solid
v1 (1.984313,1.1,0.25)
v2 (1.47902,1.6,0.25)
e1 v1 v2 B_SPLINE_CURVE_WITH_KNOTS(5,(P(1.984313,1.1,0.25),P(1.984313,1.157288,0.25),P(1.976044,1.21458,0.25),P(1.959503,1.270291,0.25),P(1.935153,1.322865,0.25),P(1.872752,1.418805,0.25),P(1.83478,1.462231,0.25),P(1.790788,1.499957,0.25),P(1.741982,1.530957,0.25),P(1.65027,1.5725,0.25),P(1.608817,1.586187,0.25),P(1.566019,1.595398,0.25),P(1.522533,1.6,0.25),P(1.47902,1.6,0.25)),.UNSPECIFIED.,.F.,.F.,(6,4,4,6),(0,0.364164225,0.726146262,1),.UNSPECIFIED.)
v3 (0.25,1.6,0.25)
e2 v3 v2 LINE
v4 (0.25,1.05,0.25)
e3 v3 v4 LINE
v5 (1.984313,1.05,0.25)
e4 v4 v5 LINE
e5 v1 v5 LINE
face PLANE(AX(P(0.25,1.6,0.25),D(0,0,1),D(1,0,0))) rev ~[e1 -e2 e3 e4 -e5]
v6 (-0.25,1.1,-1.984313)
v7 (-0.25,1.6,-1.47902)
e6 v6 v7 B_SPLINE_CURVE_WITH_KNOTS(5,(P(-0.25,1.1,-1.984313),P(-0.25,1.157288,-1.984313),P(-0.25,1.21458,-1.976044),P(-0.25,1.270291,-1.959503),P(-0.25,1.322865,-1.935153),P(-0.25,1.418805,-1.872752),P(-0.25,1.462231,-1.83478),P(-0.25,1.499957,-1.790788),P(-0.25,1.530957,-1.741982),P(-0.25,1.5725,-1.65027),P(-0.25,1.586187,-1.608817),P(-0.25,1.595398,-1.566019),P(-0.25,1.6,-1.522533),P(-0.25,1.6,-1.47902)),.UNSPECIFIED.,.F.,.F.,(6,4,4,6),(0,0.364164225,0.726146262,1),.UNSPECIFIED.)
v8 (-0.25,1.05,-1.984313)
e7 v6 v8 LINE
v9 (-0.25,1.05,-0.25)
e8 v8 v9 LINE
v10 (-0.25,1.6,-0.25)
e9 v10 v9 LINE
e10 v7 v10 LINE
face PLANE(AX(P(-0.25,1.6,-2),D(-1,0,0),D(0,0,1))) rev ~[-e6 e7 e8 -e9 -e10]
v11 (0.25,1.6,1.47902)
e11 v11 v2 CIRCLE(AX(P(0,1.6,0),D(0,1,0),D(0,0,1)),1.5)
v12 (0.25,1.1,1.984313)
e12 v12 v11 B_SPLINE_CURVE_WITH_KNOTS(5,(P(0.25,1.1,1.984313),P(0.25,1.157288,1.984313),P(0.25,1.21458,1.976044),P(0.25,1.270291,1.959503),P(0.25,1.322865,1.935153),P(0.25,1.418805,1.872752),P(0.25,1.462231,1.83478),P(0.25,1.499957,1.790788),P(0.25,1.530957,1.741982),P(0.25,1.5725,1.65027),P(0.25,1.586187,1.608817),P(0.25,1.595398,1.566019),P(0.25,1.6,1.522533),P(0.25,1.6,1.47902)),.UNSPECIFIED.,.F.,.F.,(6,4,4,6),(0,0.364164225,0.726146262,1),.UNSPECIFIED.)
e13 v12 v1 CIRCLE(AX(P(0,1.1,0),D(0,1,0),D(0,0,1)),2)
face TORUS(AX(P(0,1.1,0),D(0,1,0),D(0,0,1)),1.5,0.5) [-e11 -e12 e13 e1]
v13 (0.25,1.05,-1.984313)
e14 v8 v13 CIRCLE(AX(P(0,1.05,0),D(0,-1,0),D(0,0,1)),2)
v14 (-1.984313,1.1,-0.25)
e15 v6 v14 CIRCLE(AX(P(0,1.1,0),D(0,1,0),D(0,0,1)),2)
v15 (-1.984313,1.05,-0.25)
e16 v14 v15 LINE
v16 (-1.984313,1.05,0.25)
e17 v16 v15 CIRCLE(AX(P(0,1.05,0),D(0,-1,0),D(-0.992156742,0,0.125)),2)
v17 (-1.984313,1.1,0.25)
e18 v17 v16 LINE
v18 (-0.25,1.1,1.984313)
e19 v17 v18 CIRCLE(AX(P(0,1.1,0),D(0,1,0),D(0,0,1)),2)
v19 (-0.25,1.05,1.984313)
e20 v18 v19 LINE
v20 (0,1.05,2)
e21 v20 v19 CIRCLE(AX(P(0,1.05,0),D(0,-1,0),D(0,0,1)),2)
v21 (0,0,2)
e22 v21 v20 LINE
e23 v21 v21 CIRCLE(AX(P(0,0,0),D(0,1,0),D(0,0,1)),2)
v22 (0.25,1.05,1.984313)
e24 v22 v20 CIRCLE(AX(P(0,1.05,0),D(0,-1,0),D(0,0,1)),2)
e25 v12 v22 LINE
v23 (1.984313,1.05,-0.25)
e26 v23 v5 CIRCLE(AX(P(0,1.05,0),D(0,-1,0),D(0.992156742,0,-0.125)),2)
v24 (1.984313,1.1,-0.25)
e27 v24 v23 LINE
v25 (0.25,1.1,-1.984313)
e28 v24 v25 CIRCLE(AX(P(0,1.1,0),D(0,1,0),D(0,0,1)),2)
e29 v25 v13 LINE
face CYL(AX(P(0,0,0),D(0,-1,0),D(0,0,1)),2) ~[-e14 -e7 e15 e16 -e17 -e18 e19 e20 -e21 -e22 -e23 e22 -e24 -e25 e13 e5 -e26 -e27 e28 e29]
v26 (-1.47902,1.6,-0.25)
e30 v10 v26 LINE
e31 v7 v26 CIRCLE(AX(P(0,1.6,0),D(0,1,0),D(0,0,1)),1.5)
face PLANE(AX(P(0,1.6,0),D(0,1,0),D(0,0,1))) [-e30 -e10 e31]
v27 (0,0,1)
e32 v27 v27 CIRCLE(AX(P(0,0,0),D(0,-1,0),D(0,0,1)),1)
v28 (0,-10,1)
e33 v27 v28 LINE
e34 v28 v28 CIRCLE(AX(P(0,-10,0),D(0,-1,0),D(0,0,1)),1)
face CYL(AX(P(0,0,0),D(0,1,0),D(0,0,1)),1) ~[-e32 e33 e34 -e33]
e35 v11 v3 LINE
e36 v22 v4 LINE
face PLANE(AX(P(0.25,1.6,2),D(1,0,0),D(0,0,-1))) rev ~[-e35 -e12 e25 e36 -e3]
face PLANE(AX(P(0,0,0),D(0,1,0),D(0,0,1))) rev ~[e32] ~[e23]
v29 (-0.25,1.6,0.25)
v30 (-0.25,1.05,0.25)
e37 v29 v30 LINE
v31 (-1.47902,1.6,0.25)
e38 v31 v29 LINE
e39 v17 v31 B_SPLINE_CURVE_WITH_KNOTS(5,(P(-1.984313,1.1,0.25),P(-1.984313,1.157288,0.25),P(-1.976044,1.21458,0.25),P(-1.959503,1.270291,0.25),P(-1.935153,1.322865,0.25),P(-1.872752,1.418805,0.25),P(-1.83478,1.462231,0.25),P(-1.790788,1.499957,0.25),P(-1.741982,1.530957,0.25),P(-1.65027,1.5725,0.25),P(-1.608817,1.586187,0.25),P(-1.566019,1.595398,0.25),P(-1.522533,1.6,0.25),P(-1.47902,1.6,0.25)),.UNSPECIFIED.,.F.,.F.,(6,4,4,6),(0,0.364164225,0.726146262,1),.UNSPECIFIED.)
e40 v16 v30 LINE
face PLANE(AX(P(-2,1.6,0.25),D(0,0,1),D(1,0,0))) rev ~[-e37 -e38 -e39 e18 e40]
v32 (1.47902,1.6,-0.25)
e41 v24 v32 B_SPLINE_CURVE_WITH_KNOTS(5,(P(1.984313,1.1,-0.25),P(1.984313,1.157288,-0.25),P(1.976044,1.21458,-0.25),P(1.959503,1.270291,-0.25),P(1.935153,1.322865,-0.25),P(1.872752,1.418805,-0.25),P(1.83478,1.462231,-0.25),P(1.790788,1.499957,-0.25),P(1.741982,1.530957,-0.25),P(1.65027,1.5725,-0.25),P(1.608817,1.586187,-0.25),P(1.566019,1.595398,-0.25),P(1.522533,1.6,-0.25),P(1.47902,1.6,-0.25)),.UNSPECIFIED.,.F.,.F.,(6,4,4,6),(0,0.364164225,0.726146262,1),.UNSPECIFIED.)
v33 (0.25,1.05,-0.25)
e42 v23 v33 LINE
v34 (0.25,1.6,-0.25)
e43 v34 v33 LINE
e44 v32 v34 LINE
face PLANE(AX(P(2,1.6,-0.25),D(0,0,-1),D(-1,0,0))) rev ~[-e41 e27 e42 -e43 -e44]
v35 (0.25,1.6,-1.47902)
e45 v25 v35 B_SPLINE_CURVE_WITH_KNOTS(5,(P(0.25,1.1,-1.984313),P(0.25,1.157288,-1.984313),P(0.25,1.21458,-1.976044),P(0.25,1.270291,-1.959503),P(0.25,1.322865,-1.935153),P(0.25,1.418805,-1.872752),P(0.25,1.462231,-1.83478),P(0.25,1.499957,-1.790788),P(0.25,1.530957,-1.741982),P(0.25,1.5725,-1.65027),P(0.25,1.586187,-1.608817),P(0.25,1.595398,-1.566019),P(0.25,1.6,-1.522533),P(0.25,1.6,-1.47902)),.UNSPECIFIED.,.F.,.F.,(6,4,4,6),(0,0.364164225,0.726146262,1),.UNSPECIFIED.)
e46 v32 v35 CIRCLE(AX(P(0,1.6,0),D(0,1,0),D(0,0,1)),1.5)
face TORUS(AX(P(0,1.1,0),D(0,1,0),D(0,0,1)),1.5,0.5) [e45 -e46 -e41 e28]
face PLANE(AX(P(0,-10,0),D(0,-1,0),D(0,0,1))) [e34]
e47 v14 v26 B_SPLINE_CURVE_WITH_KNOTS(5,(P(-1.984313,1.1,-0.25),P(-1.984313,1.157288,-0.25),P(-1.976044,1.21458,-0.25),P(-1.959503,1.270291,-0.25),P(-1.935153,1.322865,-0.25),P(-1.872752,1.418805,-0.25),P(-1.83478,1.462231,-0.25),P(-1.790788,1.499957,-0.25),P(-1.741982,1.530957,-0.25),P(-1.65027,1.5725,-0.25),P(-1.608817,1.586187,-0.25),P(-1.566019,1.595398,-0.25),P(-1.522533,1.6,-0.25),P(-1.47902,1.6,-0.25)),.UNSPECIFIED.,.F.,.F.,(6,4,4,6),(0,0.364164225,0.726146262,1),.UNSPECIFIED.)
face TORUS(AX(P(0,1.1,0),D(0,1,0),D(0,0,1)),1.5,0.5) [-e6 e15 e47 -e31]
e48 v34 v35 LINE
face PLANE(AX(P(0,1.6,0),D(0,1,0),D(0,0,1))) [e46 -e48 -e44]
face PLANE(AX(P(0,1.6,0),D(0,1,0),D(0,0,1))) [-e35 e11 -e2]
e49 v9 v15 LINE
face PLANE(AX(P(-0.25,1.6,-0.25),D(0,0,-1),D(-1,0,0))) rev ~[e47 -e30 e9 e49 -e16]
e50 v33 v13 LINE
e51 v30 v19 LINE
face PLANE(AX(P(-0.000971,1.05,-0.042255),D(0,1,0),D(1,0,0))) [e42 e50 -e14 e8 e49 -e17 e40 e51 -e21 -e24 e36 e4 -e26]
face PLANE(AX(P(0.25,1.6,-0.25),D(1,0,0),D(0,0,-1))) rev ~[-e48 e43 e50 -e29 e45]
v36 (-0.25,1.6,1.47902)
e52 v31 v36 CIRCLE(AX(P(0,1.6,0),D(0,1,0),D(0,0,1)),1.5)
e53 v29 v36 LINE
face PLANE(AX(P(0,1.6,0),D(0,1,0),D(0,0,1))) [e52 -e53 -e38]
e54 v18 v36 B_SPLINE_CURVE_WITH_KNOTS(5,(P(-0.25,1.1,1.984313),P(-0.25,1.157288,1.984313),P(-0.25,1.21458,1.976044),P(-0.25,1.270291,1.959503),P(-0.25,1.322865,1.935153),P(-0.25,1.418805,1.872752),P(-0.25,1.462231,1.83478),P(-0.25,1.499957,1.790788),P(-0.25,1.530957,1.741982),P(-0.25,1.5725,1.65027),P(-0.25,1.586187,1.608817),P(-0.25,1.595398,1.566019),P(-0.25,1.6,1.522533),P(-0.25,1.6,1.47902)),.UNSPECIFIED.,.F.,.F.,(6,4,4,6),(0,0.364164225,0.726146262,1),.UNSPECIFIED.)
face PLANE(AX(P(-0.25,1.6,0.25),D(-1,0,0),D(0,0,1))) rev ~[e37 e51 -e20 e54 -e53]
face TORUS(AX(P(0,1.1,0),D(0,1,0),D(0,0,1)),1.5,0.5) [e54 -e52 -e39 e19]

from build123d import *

# Parameters (mm, degrees)
SKETCH1_R           = 2
BOSS_EXTRUDE1_DEPTH = 1.6
SKETCH2_R           = 1
BOSS_EXTRUDE2_DEPTH = 10
FILLET1_R           = 0.5
CUT_EXTRUDE1_DEPTH  = 0.55


with BuildPart() as part:
    # Sketch1 → Boss-Extrude1 (new body)
    with BuildSketch(Plane(origin=(0, 0, 0), x_dir=(1, 0, 0), z_dir=(0, 1, 0))):
        with Locations(Location((0, 0, 0), (0, 0, 270))):
            Circle(SKETCH1_R)
    extrude(amount=BOSS_EXTRUDE1_DEPTH)

    # Sketch2 → Boss-Extrude2 (add)
    with BuildSketch(Plane.XZ):
        with Locations(Location((0, 0, 0), (0, 0, 90))):
            Circle(SKETCH2_R)
    extrude(amount=BOSS_EXTRUDE2_DEPTH)

    # Fillet1
    fillet1_edges = [part.edges().sort_by_distance(p)[0] for p in [
        (0, 1.6, -2),
    ]]
    fillet(fillet1_edges, radius=FILLET1_R)

    # Sketch3 → Cut-Extrude1 (cut)
    with BuildSketch(Plane(origin=(0, 1.6, 0), x_dir=(1, 0, 0), z_dir=(0, 1, 0))):
        Polygon((-2, -0.25), (-0.25, -0.25), (-0.25, -2), (0.25, -2), (0.25, -0.25), (2, -0.25), (2, 0.25), (0.25, 0.25), (0.25, 2), (-0.06766133, 2.298366751), (-0.25, 2), (-0.25, 0.25), (-2, 0.25), align=None)
    extrude(amount=-CUT_EXTRUDE1_DEPTH, mode=Mode.SUBTRACT)


solid = part.part
